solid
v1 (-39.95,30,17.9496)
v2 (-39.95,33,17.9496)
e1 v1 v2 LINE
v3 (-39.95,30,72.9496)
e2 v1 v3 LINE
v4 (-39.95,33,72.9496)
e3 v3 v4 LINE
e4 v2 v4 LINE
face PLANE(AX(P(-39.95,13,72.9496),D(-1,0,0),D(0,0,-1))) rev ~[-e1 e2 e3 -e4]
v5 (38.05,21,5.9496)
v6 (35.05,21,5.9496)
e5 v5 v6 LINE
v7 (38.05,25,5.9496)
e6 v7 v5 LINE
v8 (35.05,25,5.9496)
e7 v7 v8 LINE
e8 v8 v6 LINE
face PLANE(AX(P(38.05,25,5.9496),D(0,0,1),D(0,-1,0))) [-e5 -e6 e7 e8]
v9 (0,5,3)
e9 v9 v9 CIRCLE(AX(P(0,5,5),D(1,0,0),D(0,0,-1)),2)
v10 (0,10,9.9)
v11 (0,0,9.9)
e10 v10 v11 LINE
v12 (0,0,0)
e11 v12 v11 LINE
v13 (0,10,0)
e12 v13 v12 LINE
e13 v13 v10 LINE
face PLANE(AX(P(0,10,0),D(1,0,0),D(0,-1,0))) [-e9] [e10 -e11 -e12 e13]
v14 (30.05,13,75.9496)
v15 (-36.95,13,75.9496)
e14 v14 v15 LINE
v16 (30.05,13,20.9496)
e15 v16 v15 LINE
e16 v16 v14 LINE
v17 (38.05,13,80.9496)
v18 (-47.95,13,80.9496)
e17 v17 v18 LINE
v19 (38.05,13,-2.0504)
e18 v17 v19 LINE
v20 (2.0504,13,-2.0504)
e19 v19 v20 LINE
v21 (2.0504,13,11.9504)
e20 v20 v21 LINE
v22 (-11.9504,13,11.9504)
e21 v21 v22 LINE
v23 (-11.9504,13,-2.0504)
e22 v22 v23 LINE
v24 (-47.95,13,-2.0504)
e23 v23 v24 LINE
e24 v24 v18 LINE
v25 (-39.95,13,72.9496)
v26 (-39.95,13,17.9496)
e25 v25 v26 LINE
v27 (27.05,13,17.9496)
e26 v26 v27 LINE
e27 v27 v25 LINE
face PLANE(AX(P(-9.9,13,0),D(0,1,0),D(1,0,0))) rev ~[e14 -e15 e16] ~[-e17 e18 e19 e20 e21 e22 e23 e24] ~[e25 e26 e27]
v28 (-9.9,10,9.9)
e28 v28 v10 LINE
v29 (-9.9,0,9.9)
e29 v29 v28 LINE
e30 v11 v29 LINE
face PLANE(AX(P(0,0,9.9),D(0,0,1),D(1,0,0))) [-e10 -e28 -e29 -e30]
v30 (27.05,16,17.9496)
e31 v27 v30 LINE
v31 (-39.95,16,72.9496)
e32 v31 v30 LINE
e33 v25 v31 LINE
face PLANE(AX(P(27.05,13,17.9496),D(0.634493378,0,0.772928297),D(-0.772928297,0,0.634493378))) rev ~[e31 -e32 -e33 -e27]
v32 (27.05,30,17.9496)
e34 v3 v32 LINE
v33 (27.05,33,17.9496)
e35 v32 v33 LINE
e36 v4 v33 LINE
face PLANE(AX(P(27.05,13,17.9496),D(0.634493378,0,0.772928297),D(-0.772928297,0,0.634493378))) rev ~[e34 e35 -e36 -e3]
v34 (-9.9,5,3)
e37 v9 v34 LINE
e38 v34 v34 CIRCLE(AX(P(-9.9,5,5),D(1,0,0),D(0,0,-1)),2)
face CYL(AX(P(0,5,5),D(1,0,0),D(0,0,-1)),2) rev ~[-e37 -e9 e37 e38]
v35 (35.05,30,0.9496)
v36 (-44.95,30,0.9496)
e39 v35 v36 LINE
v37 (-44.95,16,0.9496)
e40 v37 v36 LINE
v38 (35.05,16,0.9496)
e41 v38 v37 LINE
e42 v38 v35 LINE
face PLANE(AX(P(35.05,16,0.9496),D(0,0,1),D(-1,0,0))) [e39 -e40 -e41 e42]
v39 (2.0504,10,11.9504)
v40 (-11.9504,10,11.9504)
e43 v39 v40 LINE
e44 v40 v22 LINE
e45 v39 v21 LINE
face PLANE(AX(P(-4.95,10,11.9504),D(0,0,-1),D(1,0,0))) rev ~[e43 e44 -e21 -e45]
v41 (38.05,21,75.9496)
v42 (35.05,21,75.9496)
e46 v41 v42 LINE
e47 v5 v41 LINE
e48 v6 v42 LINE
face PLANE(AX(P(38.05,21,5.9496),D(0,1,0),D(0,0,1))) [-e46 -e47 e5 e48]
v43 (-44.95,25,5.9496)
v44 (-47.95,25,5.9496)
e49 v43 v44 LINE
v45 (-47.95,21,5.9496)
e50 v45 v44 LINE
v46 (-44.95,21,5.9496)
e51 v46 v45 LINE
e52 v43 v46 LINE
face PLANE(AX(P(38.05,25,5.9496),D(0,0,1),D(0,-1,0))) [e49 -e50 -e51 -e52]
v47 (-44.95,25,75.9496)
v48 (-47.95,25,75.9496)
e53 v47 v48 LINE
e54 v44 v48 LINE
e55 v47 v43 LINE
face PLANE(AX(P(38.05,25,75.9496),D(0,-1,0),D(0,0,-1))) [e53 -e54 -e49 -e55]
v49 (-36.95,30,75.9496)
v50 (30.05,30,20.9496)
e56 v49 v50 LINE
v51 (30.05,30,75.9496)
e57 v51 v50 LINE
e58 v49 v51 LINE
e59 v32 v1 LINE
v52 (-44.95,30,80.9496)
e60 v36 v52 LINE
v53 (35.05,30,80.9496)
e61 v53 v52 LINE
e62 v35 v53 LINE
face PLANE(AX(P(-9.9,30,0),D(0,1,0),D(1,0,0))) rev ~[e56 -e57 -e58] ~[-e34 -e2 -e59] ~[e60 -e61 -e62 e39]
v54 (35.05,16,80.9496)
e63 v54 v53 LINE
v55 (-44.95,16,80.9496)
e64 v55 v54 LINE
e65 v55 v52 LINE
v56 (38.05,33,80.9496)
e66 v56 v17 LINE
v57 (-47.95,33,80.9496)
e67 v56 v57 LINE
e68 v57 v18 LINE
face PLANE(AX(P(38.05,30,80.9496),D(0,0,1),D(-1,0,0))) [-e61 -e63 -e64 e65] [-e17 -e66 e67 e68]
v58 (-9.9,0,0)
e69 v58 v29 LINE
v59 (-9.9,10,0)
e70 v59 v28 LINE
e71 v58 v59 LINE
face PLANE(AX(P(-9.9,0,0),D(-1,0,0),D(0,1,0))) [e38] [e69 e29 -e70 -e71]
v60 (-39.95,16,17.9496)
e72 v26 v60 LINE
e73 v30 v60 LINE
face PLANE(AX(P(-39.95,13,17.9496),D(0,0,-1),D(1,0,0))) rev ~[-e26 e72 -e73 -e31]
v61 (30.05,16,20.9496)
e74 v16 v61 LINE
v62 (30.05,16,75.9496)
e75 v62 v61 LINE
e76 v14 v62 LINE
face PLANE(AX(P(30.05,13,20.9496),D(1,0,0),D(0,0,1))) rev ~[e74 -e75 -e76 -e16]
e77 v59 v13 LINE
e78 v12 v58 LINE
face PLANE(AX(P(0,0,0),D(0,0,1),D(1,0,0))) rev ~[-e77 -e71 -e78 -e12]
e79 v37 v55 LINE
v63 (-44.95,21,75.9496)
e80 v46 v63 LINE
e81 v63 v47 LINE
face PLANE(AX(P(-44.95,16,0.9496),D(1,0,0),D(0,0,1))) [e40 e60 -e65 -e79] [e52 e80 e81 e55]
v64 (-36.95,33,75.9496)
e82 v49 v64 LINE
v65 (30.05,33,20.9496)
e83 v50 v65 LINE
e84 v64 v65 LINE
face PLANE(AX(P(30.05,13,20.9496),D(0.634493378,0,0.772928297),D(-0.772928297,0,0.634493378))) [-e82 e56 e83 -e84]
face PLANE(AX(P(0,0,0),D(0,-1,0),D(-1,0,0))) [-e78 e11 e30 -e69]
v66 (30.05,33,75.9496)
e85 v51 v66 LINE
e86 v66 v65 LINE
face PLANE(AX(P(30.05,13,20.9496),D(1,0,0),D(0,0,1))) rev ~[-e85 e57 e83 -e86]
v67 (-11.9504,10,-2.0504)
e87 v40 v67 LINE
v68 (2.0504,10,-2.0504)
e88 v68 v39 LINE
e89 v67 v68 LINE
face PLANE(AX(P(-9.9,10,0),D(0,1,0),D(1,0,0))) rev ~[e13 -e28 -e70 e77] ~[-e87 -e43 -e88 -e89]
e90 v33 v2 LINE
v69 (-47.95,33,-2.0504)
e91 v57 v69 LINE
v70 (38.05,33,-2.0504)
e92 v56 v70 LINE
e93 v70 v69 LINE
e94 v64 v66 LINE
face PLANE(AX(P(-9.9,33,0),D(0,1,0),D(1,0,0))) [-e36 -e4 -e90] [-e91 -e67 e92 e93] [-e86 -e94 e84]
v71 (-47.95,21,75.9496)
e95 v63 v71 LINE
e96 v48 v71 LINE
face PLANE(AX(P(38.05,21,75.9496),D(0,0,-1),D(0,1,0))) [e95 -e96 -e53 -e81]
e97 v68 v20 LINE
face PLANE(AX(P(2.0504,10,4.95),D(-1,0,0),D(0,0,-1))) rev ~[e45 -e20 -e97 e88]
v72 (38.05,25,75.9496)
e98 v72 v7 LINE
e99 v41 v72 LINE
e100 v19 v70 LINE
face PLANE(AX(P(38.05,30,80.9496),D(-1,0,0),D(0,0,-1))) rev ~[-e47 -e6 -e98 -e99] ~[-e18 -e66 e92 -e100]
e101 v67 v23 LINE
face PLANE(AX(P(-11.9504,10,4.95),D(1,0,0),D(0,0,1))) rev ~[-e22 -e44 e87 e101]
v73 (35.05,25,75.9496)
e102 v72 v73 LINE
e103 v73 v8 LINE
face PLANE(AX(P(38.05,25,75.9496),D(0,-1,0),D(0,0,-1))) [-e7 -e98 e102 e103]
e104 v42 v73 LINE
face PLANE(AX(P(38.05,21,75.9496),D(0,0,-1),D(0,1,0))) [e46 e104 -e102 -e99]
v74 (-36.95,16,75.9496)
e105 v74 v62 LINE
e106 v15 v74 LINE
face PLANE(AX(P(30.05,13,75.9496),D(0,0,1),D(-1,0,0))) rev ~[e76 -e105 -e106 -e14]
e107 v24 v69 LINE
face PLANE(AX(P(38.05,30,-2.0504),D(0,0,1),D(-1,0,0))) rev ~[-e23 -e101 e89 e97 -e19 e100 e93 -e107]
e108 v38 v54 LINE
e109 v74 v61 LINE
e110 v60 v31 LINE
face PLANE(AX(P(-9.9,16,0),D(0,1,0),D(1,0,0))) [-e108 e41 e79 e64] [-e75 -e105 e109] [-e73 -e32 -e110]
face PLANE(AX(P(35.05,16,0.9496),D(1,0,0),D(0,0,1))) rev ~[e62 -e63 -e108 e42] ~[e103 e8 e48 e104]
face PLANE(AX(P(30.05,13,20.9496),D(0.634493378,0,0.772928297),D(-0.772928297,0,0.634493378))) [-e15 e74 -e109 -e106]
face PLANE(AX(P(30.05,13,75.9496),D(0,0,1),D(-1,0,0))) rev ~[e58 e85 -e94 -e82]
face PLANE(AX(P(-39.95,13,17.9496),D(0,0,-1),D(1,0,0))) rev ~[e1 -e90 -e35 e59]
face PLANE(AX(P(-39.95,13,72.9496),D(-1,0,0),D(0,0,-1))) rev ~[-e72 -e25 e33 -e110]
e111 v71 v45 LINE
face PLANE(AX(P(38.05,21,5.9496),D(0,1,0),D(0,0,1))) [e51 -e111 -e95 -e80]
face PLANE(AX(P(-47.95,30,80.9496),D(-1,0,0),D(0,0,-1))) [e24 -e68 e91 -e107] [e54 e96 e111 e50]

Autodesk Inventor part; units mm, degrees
ref_plane "YZ Plane" through (0, 0, 0) normal (1, 0, 0) x (0, 1, 0)
ref_plane "XZ Plane" through (0, 0, 0) normal (0, 1, 0) x (-1, 0, 0)
ref_plane "XY Plane" through (0, 0, 0) normal (0, 0, 1) x (1, 0, 0)
sketch "Sketch1" plane through (0, 0, 0) normal (0, 0, 1) x (1, 0, 0)
  line L0 (0, 0) -> (-9.9, 0)
  line L1 (-9.9, 0) -> (-9.9, 10)
  line L2 (-9.9, 10) -> (0, 10)
  line L3 (0, 10) -> (0, 0)
  dimension "d0" = 9.9
  dimension "d1" = 10
extrude "Extrusion1" add sketch "Sketch1" along normal blind 9.9
sketch "Sketch2" plane through (0, 0, 0) normal (1, 0, 0) x (0, 0, -1)
  circle A0 centre (-5, 5) radius 2
  line L0 (0, 0) -> (-9.9, 0) projected
  line L1 (0, 0) -> (0, 10) projected
  point P0 (-4.95, 0)
  dimension "d4" = 4
  dimension "d5" = 5
  dimension "d6" = 5
extrude "Extrusion2" cut sketch "Sketch2" against normal blind 10
sketch "Sketch3" plane through (-9.9, 10, 0) normal (0, 1, 0) x (1, 0, 0)
  line L0 (0, 0) -> (0, -9.9) projected
  circle A0 centre (4.95, -4.95) radius 7.0004
  line L1 (9.9, 0) -> (0, 0) projected
  line L2 (-2.0504, -11.9504) -> (11.9504, -11.9504)
  line L3 (11.9504, -11.9504) -> (11.9504, 2.0504)
  line L4 (11.9504, 2.0504) -> (-2.0504, 2.0504)
  line L5 (-2.0504, 2.0504) -> (-2.0504, -11.9504)
  point P0 (-2.0504, -4.95)
  point P1 (4.95, 2.0504)
  point P2 (4.95, -11.9504)
  point P3 (11.9504, -4.95)
  dimension "d9" = 4.95
  dimension "d10" = 4.95
extrude "Extrusion3" add sketch "Sketch3" along normal blind 3
sketch "Sketch14" plane through (-9.9, 13, 0) normal (0, 1, 0) x (1, 0, 0)
  line L0 (-35.05, -80.9496) -> (44.95, -80.9496)
  line L1 (44.95, -80.9496) -> (44.95, 2.0504)
  line L2 (44.95, 2.0504) -> (-35.05, 2.0504)
  line L3 (-35.05, 2.0504) -> (-35.05, -80.9496)
  line L4 (11.9504, 2.0504) -> (-2.0504, 2.0504) projected
  line L5 (-35.05, 2.0504) -> (-38.05, 2.0504)
  line L6 (-38.05, 2.0504) -> (-38.05, -80.9496)
  line L7 (-38.05, -80.9496) -> (-35.05, -80.9496)
  line L8 (-35.05, -80.9496) -> (-35.05, 2.0504)
  line L9 (44.95, -80.9496) -> (47.95, -80.9496)
  line L10 (47.95, -80.9496) -> (47.95, 2.0504)
  line L11 (47.95, 2.0504) -> (44.95, 2.0504)
  line L12 (44.95, 2.0504) -> (44.95, -80.9496)
  point P0 (9.9, 0)
  point P1 (-35.05, -39.4496)
  point P2 (4.95, 2.0504)
  point P3 (4.95, 2.0504)
  point P4 (44.95, 2.0504)
  dimension "d60" = 40
  dimension "d61" = 40
  dimension "d62" = 0
  dimension "d63" = 83
  dimension "d64" = 3
  dimension "d65" = 3
  dimension "d68" = 83
extrude "Extrusion14" add sketch "Sketch14" along normal blind 3
sketch "Sketch15" plane through (-9.9, 16, 0) normal (0, 1, 0) x (1, 0, 0)
  line L0 (-2.0504, 2.0504) -> (-38.05, 2.0504) projected
  line L1 (-38.05, -80.9496) -> (47.95, -80.9496) projected
  line L2 (-38.05, 2.0504) -> (-35.05, 2.0504)
  line L3 (-35.05, 2.0504) -> (-35.05, -80.9496)
  line L4 (-35.05, -80.9496) -> (-38.05, -80.9496)
  line L5 (-38.05, -80.9496) -> (-38.05, 2.0504)
  line L6 (47.95, -80.9496) -> (47.95, 2.0504) projected
  line L7 (47.95, 2.0504) -> (44.95, 2.0504)
  line L8 (44.95, 2.0504) -> (44.95, -80.9496)
  line L9 (44.95, -80.9496) -> (47.95, -80.9496)
  line L10 (47.95, -80.9496) -> (47.95, 2.0504)
  line L11 (-38.05, 2.0504) -> (47.95, 2.0504)
  line L12 (47.95, 2.0504) -> (47.95, -0.9496)
  line L13 (47.95, -0.9496) -> (-38.05, -0.9496)
  line L14 (-38.05, -0.9496) -> (-38.05, 2.0504)
  point P0 (9.9, 0)
  point P1 (-35.05, -0.9496)
  point P2 (44.95, -0.9496)
  dimension "d69" = 3
  dimension "d70" = 3
  dimension "d71" = 3
extrude "Extrusion15" add sketch "Sketch15" along normal blind 14 contours L11 L8 L13 L3 L0 | L3 L13 L5 L0 | L7 L6 L13 L8 | L3 L1 L5 L13 | L13 L6 L1 L8
sketch "Sketch16" plane through (-9.9, 30, 0) normal (0, 1, 0) x (1, 0, 0)
  line L0 (47.95, 2.0504) -> (-38.05, 2.0504) projected
  line L1 (47.95, -80.9496) -> (47.95, 2.0504) projected
  line L2 (-38.05, 2.0504) -> (47.95, 2.0504)
  line L3 (47.95, 2.0504) -> (47.95, -80.9496)
  line L4 (47.95, -80.9496) -> (-38.05, -80.9496)
  line L5 (-38.05, -80.9496) -> (-38.05, 2.0504)
  point P0 (9.9, 0)
extrude "Extrusion16" add sketch "Sketch16" along normal blind 3
sketch "Sketch17" plane through (-9.9, 13, 0) normal (0, -1, 0) x (1, 0, 0)
  line L0 (39.95, 75.9496) -> (-30.05, 75.9496)
  line L1 (-30.05, 75.9496) -> (-30.05, 17.9496)
  line L2 (-30.05, 17.9496) -> (39.95, 17.9496)
  line L3 (39.95, 17.9496) -> (39.95, 75.9496)
  line L4 (47.95, -2.0504) -> (11.9504, -2.0504) projected
  line L5 (44.95, 80.9496) -> (44.95, 0.9496) projected
  line L6 (-38.05, 80.9496) -> (47.95, 80.9496) projected
  line L7 (-35.05, 0.9496) -> (-35.05, 80.9496) projected
  line L8 (36.95, 17.9496) -> (-30.05, 72.9496)
  line L9 (39.95, 20.9496) -> (-27.05, 75.9496)
  point P0 (9.9, 0)
  dimension "d76" = 20
  dimension "d77" = 5
  dimension "d78" = 5
  dimension "d79" = 5
  dimension "d88" = 3
  dimension "d89" = 3
  dimension "d90" = 3
extrude "Extrusion17" cut sketch "Sketch17" against normal blind 33 contours L3 L9 L0 | L8 L2 L1
sketch "Sketch18" plane through (38.05, 13, 80.9496) normal (1, 0, 0) x (0, 0, -1)
  line L0 (5, 12) -> (75, 12)
  line L1 (75, 12) -> (75, 8)
  line L2 (75, 8) -> (5, 8)
  line L3 (5, 8) -> (5, 12)
  line L4 (80, 17) -> (0, 17) projected
  line L5 (0, 3) -> (80, 3) projected
  line L6 (80, 3) -> (80, 17) projected
  line L7 (0, 0) -> (0, 20) projected
  point P0 (80.9496, -13)
  point P1 (80, 10)
  point P2 (75, 10)
  point P3 (0, 10)
  point P4 (5, 10)
  dimension "d82" = 5
  dimension "d83" = 5
  dimension "d84" = 5
  dimension "d85" = 5
extrude "Extrusion18" cut sketch "Sketch18" against normal blind 333 contours L0 L1 L2 L3
properties part number "shot_glass_tray"
